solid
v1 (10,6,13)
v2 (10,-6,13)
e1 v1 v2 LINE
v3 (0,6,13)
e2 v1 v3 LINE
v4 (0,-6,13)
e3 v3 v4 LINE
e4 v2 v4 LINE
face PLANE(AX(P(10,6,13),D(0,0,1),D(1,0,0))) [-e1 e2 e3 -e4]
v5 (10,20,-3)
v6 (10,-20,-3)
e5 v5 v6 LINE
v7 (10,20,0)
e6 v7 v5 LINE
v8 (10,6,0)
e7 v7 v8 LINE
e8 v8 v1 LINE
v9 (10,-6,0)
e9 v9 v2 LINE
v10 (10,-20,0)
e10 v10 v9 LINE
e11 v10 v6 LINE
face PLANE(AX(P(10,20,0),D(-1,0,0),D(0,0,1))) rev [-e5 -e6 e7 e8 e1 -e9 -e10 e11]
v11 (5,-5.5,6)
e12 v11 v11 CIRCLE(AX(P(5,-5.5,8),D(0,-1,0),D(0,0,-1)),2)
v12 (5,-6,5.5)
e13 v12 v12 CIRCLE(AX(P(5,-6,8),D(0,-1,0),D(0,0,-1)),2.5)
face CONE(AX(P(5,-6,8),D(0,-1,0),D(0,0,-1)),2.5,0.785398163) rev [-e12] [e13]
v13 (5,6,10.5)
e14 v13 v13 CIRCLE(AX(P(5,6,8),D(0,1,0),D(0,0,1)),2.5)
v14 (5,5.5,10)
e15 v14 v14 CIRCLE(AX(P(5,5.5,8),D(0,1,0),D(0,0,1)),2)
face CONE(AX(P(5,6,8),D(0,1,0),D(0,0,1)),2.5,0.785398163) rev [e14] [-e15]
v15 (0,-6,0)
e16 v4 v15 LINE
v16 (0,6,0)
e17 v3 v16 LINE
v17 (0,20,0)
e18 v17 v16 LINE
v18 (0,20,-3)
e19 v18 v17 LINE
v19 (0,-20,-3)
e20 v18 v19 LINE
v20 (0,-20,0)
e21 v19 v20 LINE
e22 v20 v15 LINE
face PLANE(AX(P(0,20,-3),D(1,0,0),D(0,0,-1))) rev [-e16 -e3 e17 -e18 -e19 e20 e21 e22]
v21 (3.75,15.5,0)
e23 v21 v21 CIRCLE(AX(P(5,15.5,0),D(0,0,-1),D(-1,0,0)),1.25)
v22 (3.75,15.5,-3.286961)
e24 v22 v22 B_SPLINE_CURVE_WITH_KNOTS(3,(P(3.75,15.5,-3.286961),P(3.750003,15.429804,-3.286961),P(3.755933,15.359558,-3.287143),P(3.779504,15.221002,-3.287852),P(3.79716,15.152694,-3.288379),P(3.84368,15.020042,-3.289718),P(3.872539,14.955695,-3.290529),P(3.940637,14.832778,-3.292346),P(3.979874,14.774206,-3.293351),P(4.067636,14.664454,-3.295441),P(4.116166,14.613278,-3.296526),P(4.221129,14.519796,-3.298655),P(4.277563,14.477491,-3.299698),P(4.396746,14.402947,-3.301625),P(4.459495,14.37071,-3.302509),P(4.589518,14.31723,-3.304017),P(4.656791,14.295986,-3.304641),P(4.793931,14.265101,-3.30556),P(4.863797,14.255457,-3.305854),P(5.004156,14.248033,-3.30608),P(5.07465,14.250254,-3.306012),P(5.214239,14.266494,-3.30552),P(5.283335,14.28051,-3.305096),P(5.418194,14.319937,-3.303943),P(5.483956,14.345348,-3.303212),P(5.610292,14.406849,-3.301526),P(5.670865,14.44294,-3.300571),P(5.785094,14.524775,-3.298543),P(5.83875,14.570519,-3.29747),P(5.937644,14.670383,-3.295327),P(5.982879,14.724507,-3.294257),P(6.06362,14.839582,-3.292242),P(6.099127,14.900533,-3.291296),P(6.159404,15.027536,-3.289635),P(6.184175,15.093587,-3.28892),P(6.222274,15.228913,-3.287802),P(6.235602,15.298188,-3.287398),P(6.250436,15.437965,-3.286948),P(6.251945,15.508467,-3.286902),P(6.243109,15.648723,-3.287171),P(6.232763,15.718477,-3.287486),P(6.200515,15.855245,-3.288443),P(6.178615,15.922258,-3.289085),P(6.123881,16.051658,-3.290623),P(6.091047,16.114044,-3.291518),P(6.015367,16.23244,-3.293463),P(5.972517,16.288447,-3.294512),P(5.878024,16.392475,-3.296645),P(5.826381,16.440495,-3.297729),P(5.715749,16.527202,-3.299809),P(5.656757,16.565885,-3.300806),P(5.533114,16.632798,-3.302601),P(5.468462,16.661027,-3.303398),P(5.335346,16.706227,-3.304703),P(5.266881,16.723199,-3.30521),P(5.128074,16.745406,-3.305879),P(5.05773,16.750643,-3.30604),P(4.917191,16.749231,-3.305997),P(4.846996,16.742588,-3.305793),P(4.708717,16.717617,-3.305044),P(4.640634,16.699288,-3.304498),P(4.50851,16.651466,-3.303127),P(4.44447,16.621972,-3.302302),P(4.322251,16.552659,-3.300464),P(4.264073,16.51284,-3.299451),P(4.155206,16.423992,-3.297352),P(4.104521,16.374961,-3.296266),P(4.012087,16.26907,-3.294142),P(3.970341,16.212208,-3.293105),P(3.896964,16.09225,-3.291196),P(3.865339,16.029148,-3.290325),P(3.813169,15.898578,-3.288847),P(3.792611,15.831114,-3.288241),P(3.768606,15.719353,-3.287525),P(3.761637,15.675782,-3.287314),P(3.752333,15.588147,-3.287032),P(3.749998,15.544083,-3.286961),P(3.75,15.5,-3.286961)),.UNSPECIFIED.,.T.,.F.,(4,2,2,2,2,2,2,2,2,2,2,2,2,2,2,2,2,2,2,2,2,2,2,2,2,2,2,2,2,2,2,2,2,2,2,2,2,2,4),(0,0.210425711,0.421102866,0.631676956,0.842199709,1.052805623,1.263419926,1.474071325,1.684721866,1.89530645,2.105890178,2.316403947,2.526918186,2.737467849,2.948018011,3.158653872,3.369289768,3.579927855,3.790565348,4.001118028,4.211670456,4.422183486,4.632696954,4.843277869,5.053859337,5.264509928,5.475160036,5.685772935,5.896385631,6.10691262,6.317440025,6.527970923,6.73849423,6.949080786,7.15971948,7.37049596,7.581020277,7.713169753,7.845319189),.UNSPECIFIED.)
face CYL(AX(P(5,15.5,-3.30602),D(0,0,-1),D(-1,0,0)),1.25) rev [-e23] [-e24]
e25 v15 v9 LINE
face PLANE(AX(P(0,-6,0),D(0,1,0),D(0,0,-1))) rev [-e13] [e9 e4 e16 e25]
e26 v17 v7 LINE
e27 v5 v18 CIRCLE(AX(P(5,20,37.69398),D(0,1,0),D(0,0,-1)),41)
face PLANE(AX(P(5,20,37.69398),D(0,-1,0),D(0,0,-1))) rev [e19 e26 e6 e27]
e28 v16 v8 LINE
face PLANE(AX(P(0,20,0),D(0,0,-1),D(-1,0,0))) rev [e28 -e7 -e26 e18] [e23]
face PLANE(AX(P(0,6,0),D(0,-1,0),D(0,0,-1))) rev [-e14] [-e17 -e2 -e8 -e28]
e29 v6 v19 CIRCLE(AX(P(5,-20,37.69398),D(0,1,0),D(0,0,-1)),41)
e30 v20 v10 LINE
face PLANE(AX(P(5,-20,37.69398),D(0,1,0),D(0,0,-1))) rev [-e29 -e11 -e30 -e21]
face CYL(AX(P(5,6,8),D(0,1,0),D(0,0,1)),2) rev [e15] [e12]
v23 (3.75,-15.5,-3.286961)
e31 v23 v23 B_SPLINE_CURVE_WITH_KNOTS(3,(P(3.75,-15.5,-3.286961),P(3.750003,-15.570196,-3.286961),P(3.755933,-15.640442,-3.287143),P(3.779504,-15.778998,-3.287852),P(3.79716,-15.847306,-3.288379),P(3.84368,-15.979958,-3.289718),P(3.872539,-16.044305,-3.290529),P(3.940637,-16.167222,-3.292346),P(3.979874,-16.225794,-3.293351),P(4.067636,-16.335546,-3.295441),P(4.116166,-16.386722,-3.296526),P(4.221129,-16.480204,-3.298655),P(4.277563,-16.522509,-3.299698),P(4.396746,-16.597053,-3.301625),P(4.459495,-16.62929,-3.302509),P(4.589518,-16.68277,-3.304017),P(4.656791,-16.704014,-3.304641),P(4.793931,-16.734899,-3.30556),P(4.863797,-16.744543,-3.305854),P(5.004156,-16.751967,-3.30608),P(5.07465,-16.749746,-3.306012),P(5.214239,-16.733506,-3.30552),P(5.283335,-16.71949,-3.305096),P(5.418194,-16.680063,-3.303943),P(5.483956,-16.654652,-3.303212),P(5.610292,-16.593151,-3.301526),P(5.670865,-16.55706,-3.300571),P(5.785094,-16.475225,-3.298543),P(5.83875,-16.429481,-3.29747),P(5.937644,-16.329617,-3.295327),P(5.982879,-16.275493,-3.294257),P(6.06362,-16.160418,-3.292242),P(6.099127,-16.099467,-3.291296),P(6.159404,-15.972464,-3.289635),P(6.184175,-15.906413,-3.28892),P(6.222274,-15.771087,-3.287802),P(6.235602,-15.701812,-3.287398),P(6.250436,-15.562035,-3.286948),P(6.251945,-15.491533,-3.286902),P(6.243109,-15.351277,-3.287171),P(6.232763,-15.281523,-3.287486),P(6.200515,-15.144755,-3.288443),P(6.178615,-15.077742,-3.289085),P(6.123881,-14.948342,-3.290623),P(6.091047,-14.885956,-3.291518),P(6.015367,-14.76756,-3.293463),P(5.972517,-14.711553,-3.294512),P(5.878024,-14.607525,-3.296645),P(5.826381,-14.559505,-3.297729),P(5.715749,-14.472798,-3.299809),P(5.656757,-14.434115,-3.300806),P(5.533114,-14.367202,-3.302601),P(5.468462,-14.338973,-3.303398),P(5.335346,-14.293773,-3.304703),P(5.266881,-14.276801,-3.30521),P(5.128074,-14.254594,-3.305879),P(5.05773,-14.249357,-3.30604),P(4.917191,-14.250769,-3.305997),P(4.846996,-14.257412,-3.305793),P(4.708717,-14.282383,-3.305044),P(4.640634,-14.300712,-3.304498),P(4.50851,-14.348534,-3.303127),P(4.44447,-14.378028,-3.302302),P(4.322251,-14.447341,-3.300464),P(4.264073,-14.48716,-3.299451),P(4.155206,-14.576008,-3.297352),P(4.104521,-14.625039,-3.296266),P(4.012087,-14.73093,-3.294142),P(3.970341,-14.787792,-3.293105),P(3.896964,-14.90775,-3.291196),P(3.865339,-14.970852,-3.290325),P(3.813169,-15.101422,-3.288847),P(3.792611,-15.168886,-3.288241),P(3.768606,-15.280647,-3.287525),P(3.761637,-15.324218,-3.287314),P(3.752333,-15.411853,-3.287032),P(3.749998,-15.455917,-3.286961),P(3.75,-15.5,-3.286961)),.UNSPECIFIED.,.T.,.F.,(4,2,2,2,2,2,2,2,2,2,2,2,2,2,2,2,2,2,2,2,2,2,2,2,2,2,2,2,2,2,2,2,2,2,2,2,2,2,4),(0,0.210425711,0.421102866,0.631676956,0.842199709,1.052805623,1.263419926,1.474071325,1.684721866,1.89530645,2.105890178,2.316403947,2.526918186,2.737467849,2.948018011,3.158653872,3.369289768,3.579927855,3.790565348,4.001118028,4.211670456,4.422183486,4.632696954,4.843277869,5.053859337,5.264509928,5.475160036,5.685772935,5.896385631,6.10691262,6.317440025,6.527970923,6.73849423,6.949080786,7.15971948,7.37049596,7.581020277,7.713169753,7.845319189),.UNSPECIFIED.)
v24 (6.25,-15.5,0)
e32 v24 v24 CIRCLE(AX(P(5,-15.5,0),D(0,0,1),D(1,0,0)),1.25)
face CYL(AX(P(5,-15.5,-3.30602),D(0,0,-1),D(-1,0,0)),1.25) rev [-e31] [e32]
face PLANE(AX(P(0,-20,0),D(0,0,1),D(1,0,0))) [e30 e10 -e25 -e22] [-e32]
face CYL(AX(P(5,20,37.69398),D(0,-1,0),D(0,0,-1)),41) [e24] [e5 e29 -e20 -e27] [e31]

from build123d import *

# Parameters (mm, degrees)
BOSS_EXTRU_1_DEPTH         = 20
ESQUISSE2_W                = 10
ESQUISSE2_H                = 13
BOSS_EXTRU_2_DEPTH         = 6
D_GAGEMENT_M41_D           = 4
D_GAGEMENT_M41_CSINK_D     = 5
D_GAGEMENT_M41_CSINK_ANGLE = 90
D_GAGEMENT_M2_51_D         = 2.5


with BuildPart() as part:
    # Esquisse1 → Boss.-Extru.1 (new body)
    with BuildSketch(Plane(origin=(0, 0, 0), x_dir=(1, 0, 0), z_dir=(0, 1, 0))):
        with BuildLine():
            Line((0, 0), (10, 0))
            Line((10, 0), (10, 3))
            ThreePointArc((10, 3), (5, 3.306020101), (0, 3))
            Line((0, 3), (0, 0))
        make_face()
    boss_extru_1 = extrude(amount=BOSS_EXTRU_1_DEPTH)

    # Esquisse2 → Boss.-Extru.2 (add)
    with BuildSketch(Plane.XZ):
        with Locations((5, 6.5)):
            Rectangle(ESQUISSE2_W, ESQUISSE2_H)
    boss_extru_2 = extrude(amount=-BOSS_EXTRU_2_DEPTH)

    # Dégagement M41 (through all)
    with Locations(Plane(origin=(0, 6, 0), x_dir=(1, 0, 0), z_dir=(0, 1, 0))):
        with Locations((5, -8)):
            d_gagement_m41 = CounterSinkHole(D_GAGEMENT_M41_D / 2, D_GAGEMENT_M41_CSINK_D / 2, counter_sink_angle=D_GAGEMENT_M41_CSINK_ANGLE)

    # Dégagement M2.51 (through all)
    with Locations(Plane(origin=(5, 15.5, -3.306020101), x_dir=(-1, 0, 0), z_dir=(0, 0, -1))):
        with Locations((0, 0)):
            d_gagement_m2_51 = Hole(D_GAGEMENT_M2_51_D / 2)

    # Symétrie1: Boss.-Extru.1, Boss.-Extru.2, Dégagement M41, Dégagement M2.51 across plane
    add(boss_extru_1.mirror(Plane(origin=(5, 0, 37.693979899), x_dir=(0, 0, 1), z_dir=(0, -1, 0))))
    add(boss_extru_2.mirror(Plane(origin=(5, 0, 37.693979899), x_dir=(0, 0, 1), z_dir=(0, -1, 0))))
    add(d_gagement_m41.mirror(Plane(origin=(5, 0, 37.693979899), x_dir=(0, 0, 1), z_dir=(0, -1, 0))), mode=Mode.SUBTRACT)
    add(d_gagement_m2_51.mirror(Plane(origin=(5, 0, 37.693979899), x_dir=(0, 0, 1), z_dir=(0, -1, 0))), mode=Mode.SUBTRACT)


solid = part.part
